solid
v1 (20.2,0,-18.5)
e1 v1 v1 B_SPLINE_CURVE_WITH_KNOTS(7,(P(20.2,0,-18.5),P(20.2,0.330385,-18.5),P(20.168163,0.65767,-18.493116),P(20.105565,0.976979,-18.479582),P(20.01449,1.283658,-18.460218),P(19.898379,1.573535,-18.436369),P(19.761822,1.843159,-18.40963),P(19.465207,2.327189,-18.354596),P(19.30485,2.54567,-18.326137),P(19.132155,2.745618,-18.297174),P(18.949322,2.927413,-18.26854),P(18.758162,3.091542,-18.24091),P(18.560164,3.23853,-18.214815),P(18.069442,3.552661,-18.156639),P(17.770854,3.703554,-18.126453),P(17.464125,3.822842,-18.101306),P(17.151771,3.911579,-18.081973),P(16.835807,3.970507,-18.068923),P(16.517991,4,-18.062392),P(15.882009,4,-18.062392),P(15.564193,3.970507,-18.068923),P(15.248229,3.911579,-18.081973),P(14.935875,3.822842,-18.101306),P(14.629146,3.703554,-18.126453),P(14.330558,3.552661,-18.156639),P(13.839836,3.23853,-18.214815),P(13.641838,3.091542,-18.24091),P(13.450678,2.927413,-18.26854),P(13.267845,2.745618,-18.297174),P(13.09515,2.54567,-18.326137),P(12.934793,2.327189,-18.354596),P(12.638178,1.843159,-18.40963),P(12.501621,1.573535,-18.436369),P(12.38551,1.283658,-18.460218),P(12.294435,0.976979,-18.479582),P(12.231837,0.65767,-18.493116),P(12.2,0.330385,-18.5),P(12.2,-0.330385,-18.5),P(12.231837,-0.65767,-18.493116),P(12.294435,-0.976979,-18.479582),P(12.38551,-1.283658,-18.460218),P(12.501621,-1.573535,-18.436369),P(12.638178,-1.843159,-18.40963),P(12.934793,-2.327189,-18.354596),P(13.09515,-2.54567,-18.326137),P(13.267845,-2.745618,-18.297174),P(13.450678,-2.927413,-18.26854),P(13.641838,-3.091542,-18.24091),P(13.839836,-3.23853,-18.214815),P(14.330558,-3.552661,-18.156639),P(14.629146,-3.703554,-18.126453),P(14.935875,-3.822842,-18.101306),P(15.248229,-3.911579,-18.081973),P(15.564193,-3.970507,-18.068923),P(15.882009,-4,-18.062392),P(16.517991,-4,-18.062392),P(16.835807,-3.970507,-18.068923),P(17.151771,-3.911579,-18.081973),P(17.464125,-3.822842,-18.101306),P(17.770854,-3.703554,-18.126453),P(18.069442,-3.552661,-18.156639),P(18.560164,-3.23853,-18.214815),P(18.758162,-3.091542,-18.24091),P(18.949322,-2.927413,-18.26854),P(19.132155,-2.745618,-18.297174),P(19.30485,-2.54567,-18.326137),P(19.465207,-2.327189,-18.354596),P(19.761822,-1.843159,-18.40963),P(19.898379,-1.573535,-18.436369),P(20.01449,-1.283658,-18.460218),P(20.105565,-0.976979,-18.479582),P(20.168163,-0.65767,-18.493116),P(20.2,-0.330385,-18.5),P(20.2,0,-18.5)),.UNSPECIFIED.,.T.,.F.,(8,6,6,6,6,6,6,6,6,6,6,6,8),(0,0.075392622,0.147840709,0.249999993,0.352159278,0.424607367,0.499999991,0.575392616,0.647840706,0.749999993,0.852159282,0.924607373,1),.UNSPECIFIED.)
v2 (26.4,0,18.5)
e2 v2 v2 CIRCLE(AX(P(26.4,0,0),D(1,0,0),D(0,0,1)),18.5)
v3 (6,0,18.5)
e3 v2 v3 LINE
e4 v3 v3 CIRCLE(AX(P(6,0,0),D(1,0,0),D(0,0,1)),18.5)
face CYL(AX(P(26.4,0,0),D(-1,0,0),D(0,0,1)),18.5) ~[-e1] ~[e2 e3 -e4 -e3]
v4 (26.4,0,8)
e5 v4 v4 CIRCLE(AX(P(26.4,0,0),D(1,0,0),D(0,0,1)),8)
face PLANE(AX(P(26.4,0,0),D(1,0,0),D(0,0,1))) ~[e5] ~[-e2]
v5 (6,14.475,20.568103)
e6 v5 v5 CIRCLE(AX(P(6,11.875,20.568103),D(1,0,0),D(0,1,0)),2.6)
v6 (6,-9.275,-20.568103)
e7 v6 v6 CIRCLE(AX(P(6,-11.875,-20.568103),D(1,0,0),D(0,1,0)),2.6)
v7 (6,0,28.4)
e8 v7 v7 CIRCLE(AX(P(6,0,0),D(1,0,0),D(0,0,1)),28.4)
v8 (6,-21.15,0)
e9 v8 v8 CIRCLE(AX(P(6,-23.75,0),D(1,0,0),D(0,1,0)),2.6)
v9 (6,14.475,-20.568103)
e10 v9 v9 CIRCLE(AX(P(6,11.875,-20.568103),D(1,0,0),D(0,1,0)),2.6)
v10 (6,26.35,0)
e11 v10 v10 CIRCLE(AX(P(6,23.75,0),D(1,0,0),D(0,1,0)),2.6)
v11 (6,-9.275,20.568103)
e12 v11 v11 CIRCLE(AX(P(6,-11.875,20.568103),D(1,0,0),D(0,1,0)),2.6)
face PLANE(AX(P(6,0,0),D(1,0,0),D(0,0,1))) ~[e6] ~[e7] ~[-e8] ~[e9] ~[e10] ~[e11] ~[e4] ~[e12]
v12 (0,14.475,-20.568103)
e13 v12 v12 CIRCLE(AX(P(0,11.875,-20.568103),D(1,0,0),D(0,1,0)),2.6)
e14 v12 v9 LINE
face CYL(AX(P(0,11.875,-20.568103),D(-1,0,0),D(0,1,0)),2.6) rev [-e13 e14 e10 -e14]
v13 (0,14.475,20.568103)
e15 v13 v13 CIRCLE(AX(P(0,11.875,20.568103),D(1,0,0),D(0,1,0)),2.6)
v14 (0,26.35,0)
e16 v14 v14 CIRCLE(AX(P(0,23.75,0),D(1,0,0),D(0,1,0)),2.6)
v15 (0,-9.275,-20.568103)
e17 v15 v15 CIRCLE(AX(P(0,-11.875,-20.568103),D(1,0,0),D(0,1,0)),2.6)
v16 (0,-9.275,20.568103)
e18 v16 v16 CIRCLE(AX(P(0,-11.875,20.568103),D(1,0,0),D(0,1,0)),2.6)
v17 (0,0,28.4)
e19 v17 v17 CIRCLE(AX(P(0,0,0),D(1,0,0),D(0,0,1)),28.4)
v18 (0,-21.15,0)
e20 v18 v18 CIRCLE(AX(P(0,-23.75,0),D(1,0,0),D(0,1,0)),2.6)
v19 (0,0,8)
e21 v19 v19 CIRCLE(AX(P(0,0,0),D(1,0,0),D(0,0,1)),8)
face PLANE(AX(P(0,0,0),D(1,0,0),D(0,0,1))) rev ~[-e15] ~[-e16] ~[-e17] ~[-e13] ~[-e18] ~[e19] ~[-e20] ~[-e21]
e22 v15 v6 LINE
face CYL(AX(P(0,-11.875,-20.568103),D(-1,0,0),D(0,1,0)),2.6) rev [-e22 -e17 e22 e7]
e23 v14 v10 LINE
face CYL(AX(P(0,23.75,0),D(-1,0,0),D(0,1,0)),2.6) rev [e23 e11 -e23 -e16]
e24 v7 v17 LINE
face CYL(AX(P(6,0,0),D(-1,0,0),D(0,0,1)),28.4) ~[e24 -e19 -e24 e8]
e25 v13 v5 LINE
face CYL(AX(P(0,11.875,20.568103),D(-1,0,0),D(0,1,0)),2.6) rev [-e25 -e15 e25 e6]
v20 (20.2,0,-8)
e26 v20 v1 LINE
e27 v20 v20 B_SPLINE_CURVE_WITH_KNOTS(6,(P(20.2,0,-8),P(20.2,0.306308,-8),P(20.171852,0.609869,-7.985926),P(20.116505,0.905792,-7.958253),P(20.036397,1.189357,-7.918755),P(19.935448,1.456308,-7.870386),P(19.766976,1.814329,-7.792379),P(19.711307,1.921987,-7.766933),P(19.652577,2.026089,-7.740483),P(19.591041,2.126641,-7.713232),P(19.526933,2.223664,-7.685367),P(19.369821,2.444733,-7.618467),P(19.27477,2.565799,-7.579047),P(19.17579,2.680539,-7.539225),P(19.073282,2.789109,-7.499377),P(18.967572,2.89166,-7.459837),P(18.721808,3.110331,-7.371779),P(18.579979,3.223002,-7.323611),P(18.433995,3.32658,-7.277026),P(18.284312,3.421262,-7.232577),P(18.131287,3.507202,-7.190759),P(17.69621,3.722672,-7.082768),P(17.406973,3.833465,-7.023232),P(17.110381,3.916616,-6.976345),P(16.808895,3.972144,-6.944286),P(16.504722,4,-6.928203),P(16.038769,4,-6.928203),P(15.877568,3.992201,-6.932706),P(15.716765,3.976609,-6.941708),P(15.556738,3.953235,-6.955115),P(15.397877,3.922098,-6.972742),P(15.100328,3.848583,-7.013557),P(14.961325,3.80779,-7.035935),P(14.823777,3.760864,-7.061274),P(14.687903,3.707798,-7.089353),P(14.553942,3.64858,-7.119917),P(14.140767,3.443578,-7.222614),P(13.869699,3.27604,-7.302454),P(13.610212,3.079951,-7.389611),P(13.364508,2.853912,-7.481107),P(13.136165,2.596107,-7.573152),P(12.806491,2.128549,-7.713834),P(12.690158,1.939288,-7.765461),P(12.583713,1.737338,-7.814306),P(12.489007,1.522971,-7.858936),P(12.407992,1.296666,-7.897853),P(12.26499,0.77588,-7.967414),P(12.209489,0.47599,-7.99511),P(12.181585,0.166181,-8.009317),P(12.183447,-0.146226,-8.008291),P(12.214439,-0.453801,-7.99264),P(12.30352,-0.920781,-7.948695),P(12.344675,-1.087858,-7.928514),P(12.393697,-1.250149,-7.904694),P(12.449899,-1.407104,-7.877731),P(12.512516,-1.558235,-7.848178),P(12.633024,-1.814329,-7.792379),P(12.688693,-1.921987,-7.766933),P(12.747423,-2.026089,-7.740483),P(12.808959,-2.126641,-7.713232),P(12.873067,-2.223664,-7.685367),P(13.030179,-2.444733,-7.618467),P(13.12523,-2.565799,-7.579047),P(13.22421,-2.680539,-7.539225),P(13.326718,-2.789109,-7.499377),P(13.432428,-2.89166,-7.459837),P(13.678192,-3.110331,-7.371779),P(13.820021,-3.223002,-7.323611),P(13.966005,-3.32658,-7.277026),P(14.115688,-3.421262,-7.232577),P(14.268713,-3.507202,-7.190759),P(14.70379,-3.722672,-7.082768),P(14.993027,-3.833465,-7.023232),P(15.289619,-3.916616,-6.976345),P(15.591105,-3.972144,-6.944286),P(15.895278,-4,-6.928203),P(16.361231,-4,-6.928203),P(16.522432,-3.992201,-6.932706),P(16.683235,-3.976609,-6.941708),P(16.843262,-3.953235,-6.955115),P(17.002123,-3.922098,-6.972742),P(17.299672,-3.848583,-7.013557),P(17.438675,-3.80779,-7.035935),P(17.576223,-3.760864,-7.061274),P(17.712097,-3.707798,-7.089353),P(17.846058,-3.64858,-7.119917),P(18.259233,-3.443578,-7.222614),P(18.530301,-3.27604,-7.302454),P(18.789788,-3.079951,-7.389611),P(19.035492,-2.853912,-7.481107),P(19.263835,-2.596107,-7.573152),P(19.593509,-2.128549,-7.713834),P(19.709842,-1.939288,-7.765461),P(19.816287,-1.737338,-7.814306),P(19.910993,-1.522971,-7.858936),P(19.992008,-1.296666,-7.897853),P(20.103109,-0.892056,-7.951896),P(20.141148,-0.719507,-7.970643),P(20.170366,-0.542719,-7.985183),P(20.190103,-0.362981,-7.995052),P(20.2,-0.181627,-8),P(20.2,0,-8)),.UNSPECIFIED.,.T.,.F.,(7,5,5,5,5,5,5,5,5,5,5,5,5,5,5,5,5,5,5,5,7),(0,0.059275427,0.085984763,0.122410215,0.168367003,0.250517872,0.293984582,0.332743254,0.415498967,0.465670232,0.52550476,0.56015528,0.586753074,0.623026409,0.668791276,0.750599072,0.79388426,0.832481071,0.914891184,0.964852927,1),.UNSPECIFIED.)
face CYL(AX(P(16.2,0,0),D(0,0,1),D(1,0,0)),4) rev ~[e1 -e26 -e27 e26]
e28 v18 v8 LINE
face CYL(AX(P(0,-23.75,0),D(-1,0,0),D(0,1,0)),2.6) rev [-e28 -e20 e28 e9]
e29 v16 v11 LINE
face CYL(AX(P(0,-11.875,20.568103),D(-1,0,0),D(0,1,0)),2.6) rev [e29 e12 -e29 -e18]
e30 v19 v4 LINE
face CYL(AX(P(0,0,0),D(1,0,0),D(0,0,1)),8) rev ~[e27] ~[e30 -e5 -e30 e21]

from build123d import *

# Parameters (mm, degrees)
F2_R     = 2.6
F3_DEPTH = 6
F4_R     = 4
F5_DEPTH = 28.401


with BuildPart() as f1:
    # F0 (on Front) → F1 (revolve)
    with BuildSketch(Plane.XZ):
        Polygon((0, 28.4), (0, 8), (26.4, 8), (26.4, 18.5), (6, 18.5), (6, 28.4), align=None)
    revolve(axis=Axis((58.458176, 0, 0), (1, 0, 0)))

    # F2 (on Right) → F3 (cut, through all)
    with BuildSketch(Plane.YZ):
        with Locations((11.875, 20.568103)):
            Circle(F2_R)
        with Locations((23.75, 0)):
            Circle(F2_R)
        with Locations((11.875, -20.568103)):
            Circle(F2_R)
        with Locations((-11.875, -20.568103)):
            Circle(F2_R)
        with Locations((-23.75, 0)):
            Circle(F2_R)
        with Locations((-11.875, 20.568103)):
            Circle(F2_R)
    extrude(amount=F3_DEPTH, mode=Mode.SUBTRACT)

    # F4 (on Top) → F5 (cut, through all)
    with BuildSketch(Plane.XY):
        with Locations((16.2, 0)):
            Circle(F4_R)
    extrude(amount=-F5_DEPTH, mode=Mode.SUBTRACT)


solid = f1.part
